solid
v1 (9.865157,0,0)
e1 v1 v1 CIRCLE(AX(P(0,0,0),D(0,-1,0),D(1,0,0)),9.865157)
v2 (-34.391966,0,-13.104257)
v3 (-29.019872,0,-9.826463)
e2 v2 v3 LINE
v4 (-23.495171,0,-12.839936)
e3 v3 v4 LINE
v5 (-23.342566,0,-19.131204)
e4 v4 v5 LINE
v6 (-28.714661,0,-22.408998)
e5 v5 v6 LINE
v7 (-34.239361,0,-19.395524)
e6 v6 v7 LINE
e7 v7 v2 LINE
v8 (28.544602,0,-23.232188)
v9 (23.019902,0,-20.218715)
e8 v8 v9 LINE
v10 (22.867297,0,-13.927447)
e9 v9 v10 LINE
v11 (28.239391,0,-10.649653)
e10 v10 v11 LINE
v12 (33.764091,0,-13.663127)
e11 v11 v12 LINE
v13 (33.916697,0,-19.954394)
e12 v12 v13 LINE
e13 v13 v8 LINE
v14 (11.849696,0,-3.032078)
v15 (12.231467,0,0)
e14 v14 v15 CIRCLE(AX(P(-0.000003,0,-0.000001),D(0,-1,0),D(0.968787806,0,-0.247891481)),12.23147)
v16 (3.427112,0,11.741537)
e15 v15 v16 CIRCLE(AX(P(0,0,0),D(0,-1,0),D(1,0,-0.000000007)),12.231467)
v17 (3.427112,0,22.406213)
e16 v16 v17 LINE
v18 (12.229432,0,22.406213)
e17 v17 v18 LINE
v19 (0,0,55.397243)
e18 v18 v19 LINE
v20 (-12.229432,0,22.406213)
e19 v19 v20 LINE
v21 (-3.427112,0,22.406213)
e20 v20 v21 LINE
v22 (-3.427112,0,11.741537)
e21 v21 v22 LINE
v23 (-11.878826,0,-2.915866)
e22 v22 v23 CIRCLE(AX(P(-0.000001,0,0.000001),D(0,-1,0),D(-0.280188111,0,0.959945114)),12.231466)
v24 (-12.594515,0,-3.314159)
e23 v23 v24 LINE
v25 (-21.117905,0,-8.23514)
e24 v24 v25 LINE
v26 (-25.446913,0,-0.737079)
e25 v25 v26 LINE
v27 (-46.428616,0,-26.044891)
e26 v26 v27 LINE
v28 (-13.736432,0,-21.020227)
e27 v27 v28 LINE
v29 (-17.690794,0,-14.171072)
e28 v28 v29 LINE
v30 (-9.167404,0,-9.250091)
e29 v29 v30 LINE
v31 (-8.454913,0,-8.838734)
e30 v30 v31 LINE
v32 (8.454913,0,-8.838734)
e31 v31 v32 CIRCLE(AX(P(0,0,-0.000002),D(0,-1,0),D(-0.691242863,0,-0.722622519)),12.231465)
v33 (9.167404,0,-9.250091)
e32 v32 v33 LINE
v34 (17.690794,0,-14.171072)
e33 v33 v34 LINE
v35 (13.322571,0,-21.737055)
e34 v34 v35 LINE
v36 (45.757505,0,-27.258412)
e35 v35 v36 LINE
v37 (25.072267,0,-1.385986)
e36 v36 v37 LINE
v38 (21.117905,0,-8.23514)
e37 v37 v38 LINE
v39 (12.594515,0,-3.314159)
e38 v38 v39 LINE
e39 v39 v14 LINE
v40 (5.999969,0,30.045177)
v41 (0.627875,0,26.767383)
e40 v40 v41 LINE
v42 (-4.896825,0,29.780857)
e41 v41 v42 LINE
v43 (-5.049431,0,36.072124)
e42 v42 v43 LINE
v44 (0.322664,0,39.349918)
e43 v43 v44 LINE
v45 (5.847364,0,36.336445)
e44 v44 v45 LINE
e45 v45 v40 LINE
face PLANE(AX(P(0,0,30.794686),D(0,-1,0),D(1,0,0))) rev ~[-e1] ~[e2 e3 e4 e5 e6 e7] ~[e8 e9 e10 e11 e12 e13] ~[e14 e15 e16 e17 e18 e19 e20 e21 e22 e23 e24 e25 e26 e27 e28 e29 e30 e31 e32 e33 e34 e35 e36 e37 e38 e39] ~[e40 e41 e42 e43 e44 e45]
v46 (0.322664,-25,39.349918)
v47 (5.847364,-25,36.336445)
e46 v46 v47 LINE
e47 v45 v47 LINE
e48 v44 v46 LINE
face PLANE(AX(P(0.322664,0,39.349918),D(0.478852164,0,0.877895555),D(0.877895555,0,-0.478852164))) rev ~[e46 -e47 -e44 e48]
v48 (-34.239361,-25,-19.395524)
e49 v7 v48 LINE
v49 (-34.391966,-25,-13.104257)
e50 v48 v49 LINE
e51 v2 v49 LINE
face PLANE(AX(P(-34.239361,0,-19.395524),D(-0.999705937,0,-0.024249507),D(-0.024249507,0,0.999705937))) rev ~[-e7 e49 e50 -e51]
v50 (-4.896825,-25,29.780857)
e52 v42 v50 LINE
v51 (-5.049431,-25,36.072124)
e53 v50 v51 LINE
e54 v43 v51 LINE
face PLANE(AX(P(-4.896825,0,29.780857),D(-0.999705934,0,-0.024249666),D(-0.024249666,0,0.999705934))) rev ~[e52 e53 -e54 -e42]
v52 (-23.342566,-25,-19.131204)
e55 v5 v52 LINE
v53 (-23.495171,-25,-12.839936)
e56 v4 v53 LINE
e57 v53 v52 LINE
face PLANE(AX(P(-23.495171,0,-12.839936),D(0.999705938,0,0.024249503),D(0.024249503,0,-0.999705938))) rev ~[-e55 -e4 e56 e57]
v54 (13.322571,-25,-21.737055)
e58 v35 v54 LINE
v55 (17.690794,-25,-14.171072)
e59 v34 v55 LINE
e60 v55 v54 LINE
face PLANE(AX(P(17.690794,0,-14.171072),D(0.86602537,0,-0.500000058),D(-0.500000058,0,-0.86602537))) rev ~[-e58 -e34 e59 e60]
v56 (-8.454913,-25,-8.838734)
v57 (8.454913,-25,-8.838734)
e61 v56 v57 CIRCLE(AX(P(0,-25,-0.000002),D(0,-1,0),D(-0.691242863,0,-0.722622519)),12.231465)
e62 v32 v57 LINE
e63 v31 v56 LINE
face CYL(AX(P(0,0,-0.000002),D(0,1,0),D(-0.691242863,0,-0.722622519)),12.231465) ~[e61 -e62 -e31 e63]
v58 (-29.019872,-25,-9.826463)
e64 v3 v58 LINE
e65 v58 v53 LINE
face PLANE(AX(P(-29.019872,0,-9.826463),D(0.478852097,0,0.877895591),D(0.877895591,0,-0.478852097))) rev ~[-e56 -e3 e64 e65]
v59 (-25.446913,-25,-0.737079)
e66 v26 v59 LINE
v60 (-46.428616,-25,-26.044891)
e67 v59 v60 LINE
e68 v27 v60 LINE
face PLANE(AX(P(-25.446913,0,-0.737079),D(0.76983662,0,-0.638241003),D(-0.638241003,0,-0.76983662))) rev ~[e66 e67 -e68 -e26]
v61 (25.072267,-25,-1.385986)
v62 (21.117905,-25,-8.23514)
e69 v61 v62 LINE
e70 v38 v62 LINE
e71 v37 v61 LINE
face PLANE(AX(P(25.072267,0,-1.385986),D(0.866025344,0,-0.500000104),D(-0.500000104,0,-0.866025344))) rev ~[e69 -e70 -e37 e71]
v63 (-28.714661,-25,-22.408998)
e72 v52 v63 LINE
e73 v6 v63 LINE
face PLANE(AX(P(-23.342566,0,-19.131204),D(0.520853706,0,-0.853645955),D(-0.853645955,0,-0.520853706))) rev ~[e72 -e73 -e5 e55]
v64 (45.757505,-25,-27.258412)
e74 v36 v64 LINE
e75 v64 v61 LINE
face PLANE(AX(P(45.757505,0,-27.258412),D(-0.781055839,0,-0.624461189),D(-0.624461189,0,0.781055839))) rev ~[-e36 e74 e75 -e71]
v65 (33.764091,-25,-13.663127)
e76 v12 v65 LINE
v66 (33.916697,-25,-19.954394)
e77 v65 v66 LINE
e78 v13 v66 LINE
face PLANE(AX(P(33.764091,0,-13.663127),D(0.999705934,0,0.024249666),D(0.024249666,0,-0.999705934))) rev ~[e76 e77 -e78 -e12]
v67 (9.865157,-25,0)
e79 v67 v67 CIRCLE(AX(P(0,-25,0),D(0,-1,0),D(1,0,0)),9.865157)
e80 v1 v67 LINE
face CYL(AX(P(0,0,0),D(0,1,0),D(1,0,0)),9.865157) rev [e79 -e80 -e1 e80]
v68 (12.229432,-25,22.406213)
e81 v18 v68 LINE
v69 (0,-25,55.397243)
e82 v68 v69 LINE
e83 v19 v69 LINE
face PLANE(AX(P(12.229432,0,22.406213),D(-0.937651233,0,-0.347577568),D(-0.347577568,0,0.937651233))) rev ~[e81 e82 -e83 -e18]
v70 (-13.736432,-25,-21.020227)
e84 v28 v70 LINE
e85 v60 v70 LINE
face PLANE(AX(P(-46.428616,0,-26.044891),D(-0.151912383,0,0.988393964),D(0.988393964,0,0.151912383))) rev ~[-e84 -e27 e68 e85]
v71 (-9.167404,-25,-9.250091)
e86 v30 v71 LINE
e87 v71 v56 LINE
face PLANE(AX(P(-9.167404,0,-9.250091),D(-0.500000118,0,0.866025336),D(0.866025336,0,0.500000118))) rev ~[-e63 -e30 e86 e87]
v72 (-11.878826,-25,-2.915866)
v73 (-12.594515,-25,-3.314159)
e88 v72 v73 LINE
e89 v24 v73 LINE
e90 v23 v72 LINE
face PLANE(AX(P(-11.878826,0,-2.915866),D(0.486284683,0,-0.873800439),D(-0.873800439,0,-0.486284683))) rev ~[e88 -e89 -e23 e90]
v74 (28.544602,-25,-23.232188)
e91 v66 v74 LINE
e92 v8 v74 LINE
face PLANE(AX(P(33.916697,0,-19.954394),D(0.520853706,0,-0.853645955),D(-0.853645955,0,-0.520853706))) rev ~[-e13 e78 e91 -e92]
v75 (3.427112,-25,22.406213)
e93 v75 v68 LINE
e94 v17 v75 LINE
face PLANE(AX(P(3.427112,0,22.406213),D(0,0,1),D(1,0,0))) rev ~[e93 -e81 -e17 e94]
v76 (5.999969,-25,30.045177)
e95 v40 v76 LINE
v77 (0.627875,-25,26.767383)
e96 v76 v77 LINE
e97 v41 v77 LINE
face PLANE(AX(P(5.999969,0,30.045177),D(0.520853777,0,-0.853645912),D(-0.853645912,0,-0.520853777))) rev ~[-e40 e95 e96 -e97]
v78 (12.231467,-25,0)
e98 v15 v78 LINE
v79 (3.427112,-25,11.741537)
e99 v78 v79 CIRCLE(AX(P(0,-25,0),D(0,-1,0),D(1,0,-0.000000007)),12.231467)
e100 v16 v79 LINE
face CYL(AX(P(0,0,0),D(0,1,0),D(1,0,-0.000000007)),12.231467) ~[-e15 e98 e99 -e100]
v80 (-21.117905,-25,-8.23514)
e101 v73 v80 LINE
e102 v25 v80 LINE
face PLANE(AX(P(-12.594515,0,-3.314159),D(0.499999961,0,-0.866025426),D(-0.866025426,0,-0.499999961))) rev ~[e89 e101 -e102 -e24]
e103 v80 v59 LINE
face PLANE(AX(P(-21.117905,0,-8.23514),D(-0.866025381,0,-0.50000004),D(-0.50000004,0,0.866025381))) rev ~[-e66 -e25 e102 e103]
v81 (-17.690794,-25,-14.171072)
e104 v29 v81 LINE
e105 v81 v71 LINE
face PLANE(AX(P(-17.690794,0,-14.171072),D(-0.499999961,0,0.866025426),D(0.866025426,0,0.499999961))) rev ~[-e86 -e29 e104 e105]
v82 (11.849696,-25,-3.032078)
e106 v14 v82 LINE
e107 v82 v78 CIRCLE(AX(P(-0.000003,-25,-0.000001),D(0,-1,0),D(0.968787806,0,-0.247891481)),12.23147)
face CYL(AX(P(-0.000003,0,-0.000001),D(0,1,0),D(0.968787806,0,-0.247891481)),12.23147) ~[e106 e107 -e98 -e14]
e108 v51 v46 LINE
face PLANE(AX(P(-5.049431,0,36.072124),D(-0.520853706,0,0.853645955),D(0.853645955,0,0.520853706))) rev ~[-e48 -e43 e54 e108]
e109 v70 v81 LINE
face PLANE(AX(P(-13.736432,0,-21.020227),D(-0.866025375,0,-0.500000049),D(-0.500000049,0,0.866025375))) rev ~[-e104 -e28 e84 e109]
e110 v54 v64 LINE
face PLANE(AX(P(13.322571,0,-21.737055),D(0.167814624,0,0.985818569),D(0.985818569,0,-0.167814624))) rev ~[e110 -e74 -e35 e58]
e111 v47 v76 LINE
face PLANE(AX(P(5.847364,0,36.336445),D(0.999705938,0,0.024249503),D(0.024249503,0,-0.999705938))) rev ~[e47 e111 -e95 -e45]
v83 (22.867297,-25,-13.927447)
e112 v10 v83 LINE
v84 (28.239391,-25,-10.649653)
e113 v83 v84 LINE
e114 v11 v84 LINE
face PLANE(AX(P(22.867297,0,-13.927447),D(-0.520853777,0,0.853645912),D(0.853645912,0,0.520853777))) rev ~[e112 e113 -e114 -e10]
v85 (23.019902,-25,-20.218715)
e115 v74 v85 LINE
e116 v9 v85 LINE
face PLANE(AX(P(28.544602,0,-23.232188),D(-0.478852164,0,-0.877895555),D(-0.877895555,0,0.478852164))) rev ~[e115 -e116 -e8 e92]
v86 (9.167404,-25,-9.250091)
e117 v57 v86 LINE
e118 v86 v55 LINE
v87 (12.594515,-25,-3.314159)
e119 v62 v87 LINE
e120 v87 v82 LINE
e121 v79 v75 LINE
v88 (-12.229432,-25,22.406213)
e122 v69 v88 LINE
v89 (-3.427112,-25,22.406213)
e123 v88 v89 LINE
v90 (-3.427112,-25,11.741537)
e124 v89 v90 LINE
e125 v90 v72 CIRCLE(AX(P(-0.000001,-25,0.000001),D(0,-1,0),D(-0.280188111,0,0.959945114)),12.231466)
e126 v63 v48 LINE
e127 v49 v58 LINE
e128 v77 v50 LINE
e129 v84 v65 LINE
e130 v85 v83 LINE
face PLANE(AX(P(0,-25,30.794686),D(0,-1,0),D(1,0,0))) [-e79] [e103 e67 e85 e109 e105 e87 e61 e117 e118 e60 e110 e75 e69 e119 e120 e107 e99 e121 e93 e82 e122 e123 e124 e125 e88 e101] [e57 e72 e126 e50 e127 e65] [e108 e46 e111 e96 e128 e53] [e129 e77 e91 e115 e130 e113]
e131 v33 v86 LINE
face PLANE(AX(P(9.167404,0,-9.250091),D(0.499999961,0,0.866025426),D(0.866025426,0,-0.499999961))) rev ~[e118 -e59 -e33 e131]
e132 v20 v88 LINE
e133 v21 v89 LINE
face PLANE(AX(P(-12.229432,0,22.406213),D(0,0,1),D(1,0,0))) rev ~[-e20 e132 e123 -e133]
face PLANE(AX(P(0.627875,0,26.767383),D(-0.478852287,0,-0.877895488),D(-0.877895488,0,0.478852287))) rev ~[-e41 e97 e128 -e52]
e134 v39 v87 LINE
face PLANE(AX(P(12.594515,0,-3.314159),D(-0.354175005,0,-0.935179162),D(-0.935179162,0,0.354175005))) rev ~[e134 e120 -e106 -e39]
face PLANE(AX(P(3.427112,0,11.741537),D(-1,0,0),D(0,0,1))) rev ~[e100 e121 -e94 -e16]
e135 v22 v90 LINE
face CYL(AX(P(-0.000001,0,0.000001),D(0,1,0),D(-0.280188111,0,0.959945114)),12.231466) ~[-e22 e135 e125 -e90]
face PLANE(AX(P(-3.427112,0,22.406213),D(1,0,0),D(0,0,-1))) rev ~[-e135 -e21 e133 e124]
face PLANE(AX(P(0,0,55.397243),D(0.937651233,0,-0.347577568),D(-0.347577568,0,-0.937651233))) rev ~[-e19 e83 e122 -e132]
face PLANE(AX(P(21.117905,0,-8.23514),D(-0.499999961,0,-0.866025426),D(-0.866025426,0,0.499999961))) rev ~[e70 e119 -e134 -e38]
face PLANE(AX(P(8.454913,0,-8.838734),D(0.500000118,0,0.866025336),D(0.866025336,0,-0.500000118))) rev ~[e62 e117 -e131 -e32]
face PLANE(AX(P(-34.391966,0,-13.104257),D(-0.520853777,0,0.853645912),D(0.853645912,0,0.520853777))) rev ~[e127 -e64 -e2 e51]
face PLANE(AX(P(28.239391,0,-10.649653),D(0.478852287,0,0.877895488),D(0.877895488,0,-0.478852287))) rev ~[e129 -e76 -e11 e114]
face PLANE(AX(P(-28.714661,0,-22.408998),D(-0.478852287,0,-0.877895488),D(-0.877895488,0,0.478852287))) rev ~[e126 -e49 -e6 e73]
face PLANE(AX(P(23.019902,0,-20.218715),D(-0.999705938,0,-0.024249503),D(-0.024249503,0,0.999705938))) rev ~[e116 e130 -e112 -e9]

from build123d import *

# Parameters (mm, degrees)
F0_R     = 9.865157
F1_DEPTH = 25


with BuildPart() as f1:
    # F0 (on Front) → F1 (new body)
    with BuildSketch(Plane.XZ):
        with BuildLine():
            ThreePointArc((-3.427112, 11.741537), (0, 12.231467), (3.427112, 11.741537))
            Line((3.427112, 11.741537), (3.427112, 12.56425))
            Line((3.427112, 12.56425), (3.427112, 22.406213))
            Line((3.427112, 22.406213), (12.229432, 22.406213))
            Line((12.229432, 22.406213), (0, 55.397243))
            Line((0, 55.397243), (-12.229432, 22.406213))
            Line((-12.229432, 22.406213), (-3.427112, 22.406213))
            Line((-3.427112, 22.406213), (-3.427112, 12.56425))
            Line((-3.427112, 12.56425), (-3.427112, 11.741537))
        make_face()
        Polygon((5.999969, 30.045177), (0.627875, 26.767383), (-4.896825, 29.780857), (-5.049431, 36.072124), (0.322664, 39.349918), (5.847364, 36.336445), align=None, mode=Mode.SUBTRACT)
        with BuildLine():
            ThreePointArc((-8.454913, -8.838734), (-10.589397, -6.121556), (-11.878826, -2.915866))
            Line((-11.878826, -2.915866), (-12.594515, -3.314159))
            Line((-12.594515, -3.314159), (-21.117905, -8.23514))
            Line((-21.117905, -8.23514), (-25.446913, -0.737079))
            Line((-25.446913, -0.737079), (-46.428616, -26.044891))
            Line((-46.428616, -26.044891), (-13.736432, -21.020227))
            Line((-13.736432, -21.020227), (-17.690794, -14.171072))
            Line((-17.690794, -14.171072), (-9.167404, -9.250091))
            Line((-9.167404, -9.250091), (-8.454913, -8.838734))
        make_face()
        Polygon((-23.342566, -19.131204), (-28.714661, -22.408998), (-34.239361, -19.395524), (-34.391966, -13.104257), (-29.019872, -9.826463), (-23.495171, -12.839936), align=None, mode=Mode.SUBTRACT)
        with BuildLine():
            Line((12.594515, -3.314159), (11.849696, -3.032078))
            ThreePointArc((11.849696, -3.032078), (10.55929, -6.173345), (8.454913, -8.838734))
            Line((8.454913, -8.838734), (9.167404, -9.250091))
            Line((9.167404, -9.250091), (17.690794, -14.171072))
            Line((17.690794, -14.171072), (13.322571, -21.737055))
            Line((13.322571, -21.737055), (45.757505, -27.258412))
            Line((45.757505, -27.258412), (25.072267, -1.385986))
            Line((25.072267, -1.385986), (21.117905, -8.23514))
            Line((21.117905, -8.23514), (12.594515, -3.314159))
        make_face()
        Polygon((28.239391, -10.649653), (33.764091, -13.663127), (33.916697, -19.954394), (28.544602, -23.232188), (23.019902, -20.218715), (22.867297, -13.927447), align=None, mode=Mode.SUBTRACT)
        with BuildLine():
            ThreePointArc((11.849696, -3.032078), (12.135649, -1.528009), (12.231467, 0))
            ThreePointArc((12.231467, 0), (9.785893, 7.337921), (3.427112, 11.741537))
            ThreePointArc((3.427112, 11.741537), (0, 12.231467), (-3.427112, 11.741537))
            ThreePointArc((-3.427112, 11.741537), (-10.596122, 6.109909), (-11.878826, -2.915866))
            ThreePointArc((-11.878826, -2.915866), (-10.589397, -6.121556), (-8.454913, -8.838734))
            ThreePointArc((-8.454913, -8.838734), (0, -12.231467), (8.454913, -8.838734))
            ThreePointArc((8.454913, -8.838734), (10.55929, -6.173345), (11.849696, -3.032078))
        make_face()
        Circle(F0_R, mode=Mode.SUBTRACT)
    extrude(amount=F1_DEPTH)


solid = f1.part
